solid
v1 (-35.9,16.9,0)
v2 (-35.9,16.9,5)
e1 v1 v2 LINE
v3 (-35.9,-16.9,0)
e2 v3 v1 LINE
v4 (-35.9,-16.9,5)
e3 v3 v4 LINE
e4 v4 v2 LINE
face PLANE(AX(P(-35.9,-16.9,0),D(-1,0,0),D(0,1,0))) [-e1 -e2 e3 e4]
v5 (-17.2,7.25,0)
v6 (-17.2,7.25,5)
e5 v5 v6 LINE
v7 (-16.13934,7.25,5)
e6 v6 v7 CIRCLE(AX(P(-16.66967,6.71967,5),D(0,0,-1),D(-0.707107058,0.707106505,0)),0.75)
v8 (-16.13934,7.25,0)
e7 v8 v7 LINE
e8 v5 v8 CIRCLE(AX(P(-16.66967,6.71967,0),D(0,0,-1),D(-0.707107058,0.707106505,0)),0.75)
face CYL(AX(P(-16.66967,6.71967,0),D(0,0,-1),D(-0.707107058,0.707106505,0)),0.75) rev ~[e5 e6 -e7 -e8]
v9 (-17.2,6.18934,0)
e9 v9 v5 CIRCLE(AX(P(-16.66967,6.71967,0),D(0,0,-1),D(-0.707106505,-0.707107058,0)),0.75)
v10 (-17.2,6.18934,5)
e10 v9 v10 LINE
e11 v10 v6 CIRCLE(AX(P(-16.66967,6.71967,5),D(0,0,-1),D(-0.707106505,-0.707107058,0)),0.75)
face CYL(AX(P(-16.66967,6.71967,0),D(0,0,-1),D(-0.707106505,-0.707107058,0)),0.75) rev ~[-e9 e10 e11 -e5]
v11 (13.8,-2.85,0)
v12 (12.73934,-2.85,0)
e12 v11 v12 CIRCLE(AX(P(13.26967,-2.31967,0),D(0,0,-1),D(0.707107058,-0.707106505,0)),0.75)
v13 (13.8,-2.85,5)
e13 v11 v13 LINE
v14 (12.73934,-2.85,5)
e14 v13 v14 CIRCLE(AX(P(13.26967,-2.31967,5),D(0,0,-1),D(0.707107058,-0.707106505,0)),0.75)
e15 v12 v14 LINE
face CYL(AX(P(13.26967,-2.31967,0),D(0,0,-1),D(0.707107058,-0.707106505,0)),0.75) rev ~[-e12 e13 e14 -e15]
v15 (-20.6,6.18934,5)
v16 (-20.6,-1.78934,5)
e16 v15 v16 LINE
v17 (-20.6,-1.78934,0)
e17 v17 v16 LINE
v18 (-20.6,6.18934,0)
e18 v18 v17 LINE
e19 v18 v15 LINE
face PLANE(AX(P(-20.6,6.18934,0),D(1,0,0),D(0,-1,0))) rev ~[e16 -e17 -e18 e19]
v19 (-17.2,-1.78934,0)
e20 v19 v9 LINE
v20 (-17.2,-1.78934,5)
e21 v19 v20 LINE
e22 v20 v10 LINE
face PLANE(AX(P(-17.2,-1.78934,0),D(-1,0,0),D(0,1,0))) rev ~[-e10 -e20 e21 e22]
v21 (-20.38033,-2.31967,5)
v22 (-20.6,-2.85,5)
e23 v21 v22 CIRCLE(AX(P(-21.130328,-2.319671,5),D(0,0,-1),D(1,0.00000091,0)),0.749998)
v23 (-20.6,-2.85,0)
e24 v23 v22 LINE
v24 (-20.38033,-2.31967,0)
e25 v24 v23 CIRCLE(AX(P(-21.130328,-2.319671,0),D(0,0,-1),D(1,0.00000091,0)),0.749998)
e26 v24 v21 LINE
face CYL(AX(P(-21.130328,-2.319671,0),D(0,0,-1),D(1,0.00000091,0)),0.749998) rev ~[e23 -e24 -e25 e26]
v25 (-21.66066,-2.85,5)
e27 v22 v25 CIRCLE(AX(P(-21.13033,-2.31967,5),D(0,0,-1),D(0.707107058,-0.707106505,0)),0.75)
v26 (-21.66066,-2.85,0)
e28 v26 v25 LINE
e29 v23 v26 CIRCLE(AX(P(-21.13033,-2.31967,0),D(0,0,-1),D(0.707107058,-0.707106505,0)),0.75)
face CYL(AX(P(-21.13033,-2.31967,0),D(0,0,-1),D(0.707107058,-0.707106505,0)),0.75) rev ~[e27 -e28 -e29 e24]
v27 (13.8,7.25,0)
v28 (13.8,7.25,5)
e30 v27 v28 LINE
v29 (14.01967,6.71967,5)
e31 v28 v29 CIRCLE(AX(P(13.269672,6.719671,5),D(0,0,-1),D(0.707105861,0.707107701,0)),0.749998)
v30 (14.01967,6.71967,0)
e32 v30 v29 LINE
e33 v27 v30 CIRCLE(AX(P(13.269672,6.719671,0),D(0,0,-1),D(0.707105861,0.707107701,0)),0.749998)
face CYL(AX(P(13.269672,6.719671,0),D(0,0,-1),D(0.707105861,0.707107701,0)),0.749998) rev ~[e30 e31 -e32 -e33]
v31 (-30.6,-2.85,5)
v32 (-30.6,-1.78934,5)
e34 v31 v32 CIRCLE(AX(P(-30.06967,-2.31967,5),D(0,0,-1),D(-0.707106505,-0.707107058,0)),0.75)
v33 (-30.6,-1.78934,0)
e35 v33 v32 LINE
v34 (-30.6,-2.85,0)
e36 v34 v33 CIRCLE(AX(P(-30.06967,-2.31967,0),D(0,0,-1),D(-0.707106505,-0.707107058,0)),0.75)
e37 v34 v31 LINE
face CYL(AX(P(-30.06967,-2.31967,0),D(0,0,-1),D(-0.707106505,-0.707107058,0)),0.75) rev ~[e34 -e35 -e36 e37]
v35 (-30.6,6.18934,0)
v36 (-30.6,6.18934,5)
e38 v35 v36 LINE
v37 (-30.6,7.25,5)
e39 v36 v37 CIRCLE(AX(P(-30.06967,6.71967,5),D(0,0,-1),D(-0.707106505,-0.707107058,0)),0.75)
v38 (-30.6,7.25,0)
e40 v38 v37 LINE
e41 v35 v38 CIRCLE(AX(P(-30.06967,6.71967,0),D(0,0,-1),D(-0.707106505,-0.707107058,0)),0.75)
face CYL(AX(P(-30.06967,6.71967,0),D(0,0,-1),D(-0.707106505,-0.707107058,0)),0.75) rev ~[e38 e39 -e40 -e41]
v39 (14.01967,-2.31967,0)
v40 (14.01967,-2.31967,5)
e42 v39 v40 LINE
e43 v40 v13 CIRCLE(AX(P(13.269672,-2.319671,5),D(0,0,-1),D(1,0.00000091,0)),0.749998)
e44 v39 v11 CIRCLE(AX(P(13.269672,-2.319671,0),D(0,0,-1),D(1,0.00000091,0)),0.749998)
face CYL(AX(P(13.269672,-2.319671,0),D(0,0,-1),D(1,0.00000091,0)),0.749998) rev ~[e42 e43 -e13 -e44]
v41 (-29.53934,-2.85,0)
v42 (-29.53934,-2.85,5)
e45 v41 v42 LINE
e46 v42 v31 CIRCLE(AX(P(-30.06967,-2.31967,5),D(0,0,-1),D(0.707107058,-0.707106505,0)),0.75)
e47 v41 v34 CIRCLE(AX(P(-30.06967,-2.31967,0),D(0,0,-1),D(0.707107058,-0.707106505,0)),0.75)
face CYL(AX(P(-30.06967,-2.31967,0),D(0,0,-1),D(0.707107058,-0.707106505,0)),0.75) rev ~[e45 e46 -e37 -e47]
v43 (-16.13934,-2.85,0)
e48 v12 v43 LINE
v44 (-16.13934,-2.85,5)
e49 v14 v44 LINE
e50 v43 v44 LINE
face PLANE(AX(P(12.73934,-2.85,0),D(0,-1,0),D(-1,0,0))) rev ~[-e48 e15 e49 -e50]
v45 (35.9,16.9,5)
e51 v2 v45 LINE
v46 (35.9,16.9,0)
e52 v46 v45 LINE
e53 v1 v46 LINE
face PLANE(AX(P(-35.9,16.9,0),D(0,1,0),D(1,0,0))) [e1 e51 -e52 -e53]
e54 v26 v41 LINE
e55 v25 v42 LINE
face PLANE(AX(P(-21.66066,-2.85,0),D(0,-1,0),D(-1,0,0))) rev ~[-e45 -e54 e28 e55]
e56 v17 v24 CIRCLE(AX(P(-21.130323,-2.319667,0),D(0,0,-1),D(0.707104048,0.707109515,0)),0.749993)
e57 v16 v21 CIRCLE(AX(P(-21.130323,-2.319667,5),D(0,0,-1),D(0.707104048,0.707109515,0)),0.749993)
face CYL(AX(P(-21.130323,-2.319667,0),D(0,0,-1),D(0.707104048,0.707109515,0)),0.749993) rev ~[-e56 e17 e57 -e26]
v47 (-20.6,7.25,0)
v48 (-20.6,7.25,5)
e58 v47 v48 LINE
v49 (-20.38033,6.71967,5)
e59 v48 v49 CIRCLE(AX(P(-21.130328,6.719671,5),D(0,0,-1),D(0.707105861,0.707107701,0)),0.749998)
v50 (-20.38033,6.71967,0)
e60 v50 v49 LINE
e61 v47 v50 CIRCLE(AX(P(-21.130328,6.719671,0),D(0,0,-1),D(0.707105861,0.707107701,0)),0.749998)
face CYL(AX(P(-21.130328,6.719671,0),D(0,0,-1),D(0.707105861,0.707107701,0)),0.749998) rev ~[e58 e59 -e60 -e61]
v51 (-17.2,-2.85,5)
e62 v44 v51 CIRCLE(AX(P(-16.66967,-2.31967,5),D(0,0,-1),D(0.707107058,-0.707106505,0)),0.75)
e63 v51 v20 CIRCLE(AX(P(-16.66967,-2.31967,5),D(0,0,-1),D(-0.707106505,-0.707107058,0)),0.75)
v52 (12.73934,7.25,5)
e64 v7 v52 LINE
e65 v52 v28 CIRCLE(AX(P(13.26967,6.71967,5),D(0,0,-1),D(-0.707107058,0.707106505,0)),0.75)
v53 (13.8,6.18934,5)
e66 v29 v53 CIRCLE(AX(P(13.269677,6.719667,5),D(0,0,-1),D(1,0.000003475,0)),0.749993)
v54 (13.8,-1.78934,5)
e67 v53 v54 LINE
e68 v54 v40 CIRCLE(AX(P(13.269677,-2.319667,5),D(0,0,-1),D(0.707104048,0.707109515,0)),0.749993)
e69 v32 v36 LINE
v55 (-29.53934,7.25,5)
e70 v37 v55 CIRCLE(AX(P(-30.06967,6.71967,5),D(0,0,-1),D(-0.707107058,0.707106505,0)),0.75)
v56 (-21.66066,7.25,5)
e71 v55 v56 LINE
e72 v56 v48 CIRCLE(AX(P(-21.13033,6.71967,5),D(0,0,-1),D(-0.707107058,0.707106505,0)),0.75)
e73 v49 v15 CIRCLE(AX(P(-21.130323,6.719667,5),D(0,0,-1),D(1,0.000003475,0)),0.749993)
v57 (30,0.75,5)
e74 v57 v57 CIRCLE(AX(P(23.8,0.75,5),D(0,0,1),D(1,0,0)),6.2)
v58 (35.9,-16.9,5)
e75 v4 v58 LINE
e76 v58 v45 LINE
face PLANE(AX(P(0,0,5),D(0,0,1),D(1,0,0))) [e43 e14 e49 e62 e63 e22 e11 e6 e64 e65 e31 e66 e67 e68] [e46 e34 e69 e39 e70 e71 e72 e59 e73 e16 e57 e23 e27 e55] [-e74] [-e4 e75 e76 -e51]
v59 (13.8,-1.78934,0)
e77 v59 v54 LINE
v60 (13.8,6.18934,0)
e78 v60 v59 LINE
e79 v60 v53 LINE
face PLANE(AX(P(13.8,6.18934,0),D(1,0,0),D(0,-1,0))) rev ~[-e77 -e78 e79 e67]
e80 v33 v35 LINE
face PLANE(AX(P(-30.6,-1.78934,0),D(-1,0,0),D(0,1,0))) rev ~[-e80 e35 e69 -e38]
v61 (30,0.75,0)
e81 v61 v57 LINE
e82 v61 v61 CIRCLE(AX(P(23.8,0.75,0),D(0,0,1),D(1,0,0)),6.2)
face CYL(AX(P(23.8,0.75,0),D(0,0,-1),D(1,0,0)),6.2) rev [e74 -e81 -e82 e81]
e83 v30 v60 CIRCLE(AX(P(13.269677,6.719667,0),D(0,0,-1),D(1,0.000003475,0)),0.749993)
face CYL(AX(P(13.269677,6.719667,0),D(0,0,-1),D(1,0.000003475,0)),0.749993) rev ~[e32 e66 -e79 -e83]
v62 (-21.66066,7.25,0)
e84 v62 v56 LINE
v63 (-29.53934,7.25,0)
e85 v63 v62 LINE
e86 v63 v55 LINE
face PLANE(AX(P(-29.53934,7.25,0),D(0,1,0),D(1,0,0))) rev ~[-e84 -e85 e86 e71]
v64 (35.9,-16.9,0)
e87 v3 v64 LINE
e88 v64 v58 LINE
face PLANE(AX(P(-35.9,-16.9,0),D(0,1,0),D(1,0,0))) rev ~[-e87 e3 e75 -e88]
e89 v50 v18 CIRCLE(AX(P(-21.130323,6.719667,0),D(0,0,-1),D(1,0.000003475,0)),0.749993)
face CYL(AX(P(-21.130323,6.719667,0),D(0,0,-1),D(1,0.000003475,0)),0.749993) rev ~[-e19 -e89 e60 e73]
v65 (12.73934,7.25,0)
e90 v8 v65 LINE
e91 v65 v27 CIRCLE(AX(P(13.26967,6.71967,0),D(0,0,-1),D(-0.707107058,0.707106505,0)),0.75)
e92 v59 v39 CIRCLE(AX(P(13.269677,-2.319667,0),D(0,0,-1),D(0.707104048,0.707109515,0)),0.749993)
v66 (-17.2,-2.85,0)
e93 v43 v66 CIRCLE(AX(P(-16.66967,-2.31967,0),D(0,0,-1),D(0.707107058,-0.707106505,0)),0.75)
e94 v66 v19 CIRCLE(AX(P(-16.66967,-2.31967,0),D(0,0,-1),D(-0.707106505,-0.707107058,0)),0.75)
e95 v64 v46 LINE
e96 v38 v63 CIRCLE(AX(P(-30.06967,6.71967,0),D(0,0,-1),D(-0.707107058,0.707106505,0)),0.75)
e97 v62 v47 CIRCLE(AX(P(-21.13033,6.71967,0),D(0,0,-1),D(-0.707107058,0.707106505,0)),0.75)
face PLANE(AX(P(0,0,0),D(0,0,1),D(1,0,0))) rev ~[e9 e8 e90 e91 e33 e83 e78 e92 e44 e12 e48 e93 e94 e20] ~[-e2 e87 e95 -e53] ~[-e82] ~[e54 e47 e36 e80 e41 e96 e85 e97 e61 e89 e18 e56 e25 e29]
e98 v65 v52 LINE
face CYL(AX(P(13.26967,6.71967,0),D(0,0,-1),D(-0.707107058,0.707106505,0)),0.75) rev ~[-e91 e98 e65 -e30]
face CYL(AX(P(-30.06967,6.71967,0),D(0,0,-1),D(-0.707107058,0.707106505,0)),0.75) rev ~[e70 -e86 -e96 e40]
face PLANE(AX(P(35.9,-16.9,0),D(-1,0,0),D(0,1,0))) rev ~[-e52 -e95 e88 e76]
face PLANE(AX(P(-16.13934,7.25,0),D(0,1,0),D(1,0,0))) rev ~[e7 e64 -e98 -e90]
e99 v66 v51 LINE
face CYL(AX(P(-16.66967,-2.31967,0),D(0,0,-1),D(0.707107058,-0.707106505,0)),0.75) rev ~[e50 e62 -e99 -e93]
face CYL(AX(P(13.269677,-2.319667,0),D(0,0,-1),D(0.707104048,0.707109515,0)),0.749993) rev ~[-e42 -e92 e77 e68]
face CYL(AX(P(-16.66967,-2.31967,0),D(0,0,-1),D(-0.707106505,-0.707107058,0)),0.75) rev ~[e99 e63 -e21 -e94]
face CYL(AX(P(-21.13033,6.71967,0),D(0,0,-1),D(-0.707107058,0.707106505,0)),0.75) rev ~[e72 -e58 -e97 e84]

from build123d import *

# Parameters (mm, degrees)
F0_W     = 71.8
F0_H     = 33.8
F0_R     = 6.2
F1_DEPTH = 5


with BuildPart() as f1:
    # F0 (on Top) → F1 (new body)
    with BuildSketch(Plane.XY):
        Rectangle(F0_W, F0_H)
        with BuildLine():
            ThreePointArc((-30.6, 6.18934), (-30.81967, 6.71967), (-30.6, 7.25))
            ThreePointArc((-30.6, 7.25), (-30.06967, 7.46967), (-29.53934, 7.25))
            Line((-29.53934, 7.25), (-21.66066, 7.25))
            ThreePointArc((-21.66066, 7.25), (-21.13033, 7.46967), (-20.6, 7.25))
            ThreePointArc((-20.6, 7.25), (-20.43742, 7.006682), (-20.38033, 6.71967))
            ThreePointArc((-20.38033, 6.71967), (-20.43742, 6.432657), (-20.6, 6.18934))
            Line((-20.6, 6.18934), (-20.6, -1.78934))
            ThreePointArc((-20.6, -1.78934), (-20.43742, -2.032657), (-20.38033, -2.31967))
            ThreePointArc((-20.38033, -2.31967), (-20.43742, -2.606682), (-20.6, -2.85))
            ThreePointArc((-20.6, -2.85), (-21.13033, -3.06967), (-21.66066, -2.85))
            Line((-21.66066, -2.85), (-29.53934, -2.85))
            ThreePointArc((-29.53934, -2.85), (-30.06967, -3.06967), (-30.6, -2.85))
            ThreePointArc((-30.6, -2.85), (-30.81967, -2.31967), (-30.6, -1.78934))
            Line((-30.6, -1.78934), (-30.6, 6.18934))
        make_face(mode=Mode.SUBTRACT)
        with BuildLine():
            ThreePointArc((-17.2, 6.18934), (-17.41967, 6.71967), (-17.2, 7.25))
            ThreePointArc((-17.2, 7.25), (-16.66967, 7.46967), (-16.13934, 7.25))
            Line((-16.13934, 7.25), (12.73934, 7.25))
            ThreePointArc((12.73934, 7.25), (13.26967, 7.46967), (13.8, 7.25))
            ThreePointArc((13.8, 7.25), (13.96258, 7.006682), (14.01967, 6.71967))
            ThreePointArc((14.01967, 6.71967), (13.96258, 6.432657), (13.8, 6.18934))
            Line((13.8, 6.18934), (13.8, -1.78934))
            ThreePointArc((13.8, -1.78934), (13.96258, -2.032657), (14.01967, -2.31967))
            ThreePointArc((14.01967, -2.31967), (13.96258, -2.606682), (13.8, -2.85))
            ThreePointArc((13.8, -2.85), (13.26967, -3.06967), (12.73934, -2.85))
            Line((12.73934, -2.85), (-16.13934, -2.85))
            ThreePointArc((-16.13934, -2.85), (-16.66967, -3.06967), (-17.2, -2.85))
            ThreePointArc((-17.2, -2.85), (-17.41967, -2.31967), (-17.2, -1.78934))
            Line((-17.2, -1.78934), (-17.2, 6.18934))
        make_face(mode=Mode.SUBTRACT)
        with Locations((23.8, 0.75)):
            Circle(F0_R, mode=Mode.SUBTRACT)
    extrude(amount=F1_DEPTH)


solid = f1.part
